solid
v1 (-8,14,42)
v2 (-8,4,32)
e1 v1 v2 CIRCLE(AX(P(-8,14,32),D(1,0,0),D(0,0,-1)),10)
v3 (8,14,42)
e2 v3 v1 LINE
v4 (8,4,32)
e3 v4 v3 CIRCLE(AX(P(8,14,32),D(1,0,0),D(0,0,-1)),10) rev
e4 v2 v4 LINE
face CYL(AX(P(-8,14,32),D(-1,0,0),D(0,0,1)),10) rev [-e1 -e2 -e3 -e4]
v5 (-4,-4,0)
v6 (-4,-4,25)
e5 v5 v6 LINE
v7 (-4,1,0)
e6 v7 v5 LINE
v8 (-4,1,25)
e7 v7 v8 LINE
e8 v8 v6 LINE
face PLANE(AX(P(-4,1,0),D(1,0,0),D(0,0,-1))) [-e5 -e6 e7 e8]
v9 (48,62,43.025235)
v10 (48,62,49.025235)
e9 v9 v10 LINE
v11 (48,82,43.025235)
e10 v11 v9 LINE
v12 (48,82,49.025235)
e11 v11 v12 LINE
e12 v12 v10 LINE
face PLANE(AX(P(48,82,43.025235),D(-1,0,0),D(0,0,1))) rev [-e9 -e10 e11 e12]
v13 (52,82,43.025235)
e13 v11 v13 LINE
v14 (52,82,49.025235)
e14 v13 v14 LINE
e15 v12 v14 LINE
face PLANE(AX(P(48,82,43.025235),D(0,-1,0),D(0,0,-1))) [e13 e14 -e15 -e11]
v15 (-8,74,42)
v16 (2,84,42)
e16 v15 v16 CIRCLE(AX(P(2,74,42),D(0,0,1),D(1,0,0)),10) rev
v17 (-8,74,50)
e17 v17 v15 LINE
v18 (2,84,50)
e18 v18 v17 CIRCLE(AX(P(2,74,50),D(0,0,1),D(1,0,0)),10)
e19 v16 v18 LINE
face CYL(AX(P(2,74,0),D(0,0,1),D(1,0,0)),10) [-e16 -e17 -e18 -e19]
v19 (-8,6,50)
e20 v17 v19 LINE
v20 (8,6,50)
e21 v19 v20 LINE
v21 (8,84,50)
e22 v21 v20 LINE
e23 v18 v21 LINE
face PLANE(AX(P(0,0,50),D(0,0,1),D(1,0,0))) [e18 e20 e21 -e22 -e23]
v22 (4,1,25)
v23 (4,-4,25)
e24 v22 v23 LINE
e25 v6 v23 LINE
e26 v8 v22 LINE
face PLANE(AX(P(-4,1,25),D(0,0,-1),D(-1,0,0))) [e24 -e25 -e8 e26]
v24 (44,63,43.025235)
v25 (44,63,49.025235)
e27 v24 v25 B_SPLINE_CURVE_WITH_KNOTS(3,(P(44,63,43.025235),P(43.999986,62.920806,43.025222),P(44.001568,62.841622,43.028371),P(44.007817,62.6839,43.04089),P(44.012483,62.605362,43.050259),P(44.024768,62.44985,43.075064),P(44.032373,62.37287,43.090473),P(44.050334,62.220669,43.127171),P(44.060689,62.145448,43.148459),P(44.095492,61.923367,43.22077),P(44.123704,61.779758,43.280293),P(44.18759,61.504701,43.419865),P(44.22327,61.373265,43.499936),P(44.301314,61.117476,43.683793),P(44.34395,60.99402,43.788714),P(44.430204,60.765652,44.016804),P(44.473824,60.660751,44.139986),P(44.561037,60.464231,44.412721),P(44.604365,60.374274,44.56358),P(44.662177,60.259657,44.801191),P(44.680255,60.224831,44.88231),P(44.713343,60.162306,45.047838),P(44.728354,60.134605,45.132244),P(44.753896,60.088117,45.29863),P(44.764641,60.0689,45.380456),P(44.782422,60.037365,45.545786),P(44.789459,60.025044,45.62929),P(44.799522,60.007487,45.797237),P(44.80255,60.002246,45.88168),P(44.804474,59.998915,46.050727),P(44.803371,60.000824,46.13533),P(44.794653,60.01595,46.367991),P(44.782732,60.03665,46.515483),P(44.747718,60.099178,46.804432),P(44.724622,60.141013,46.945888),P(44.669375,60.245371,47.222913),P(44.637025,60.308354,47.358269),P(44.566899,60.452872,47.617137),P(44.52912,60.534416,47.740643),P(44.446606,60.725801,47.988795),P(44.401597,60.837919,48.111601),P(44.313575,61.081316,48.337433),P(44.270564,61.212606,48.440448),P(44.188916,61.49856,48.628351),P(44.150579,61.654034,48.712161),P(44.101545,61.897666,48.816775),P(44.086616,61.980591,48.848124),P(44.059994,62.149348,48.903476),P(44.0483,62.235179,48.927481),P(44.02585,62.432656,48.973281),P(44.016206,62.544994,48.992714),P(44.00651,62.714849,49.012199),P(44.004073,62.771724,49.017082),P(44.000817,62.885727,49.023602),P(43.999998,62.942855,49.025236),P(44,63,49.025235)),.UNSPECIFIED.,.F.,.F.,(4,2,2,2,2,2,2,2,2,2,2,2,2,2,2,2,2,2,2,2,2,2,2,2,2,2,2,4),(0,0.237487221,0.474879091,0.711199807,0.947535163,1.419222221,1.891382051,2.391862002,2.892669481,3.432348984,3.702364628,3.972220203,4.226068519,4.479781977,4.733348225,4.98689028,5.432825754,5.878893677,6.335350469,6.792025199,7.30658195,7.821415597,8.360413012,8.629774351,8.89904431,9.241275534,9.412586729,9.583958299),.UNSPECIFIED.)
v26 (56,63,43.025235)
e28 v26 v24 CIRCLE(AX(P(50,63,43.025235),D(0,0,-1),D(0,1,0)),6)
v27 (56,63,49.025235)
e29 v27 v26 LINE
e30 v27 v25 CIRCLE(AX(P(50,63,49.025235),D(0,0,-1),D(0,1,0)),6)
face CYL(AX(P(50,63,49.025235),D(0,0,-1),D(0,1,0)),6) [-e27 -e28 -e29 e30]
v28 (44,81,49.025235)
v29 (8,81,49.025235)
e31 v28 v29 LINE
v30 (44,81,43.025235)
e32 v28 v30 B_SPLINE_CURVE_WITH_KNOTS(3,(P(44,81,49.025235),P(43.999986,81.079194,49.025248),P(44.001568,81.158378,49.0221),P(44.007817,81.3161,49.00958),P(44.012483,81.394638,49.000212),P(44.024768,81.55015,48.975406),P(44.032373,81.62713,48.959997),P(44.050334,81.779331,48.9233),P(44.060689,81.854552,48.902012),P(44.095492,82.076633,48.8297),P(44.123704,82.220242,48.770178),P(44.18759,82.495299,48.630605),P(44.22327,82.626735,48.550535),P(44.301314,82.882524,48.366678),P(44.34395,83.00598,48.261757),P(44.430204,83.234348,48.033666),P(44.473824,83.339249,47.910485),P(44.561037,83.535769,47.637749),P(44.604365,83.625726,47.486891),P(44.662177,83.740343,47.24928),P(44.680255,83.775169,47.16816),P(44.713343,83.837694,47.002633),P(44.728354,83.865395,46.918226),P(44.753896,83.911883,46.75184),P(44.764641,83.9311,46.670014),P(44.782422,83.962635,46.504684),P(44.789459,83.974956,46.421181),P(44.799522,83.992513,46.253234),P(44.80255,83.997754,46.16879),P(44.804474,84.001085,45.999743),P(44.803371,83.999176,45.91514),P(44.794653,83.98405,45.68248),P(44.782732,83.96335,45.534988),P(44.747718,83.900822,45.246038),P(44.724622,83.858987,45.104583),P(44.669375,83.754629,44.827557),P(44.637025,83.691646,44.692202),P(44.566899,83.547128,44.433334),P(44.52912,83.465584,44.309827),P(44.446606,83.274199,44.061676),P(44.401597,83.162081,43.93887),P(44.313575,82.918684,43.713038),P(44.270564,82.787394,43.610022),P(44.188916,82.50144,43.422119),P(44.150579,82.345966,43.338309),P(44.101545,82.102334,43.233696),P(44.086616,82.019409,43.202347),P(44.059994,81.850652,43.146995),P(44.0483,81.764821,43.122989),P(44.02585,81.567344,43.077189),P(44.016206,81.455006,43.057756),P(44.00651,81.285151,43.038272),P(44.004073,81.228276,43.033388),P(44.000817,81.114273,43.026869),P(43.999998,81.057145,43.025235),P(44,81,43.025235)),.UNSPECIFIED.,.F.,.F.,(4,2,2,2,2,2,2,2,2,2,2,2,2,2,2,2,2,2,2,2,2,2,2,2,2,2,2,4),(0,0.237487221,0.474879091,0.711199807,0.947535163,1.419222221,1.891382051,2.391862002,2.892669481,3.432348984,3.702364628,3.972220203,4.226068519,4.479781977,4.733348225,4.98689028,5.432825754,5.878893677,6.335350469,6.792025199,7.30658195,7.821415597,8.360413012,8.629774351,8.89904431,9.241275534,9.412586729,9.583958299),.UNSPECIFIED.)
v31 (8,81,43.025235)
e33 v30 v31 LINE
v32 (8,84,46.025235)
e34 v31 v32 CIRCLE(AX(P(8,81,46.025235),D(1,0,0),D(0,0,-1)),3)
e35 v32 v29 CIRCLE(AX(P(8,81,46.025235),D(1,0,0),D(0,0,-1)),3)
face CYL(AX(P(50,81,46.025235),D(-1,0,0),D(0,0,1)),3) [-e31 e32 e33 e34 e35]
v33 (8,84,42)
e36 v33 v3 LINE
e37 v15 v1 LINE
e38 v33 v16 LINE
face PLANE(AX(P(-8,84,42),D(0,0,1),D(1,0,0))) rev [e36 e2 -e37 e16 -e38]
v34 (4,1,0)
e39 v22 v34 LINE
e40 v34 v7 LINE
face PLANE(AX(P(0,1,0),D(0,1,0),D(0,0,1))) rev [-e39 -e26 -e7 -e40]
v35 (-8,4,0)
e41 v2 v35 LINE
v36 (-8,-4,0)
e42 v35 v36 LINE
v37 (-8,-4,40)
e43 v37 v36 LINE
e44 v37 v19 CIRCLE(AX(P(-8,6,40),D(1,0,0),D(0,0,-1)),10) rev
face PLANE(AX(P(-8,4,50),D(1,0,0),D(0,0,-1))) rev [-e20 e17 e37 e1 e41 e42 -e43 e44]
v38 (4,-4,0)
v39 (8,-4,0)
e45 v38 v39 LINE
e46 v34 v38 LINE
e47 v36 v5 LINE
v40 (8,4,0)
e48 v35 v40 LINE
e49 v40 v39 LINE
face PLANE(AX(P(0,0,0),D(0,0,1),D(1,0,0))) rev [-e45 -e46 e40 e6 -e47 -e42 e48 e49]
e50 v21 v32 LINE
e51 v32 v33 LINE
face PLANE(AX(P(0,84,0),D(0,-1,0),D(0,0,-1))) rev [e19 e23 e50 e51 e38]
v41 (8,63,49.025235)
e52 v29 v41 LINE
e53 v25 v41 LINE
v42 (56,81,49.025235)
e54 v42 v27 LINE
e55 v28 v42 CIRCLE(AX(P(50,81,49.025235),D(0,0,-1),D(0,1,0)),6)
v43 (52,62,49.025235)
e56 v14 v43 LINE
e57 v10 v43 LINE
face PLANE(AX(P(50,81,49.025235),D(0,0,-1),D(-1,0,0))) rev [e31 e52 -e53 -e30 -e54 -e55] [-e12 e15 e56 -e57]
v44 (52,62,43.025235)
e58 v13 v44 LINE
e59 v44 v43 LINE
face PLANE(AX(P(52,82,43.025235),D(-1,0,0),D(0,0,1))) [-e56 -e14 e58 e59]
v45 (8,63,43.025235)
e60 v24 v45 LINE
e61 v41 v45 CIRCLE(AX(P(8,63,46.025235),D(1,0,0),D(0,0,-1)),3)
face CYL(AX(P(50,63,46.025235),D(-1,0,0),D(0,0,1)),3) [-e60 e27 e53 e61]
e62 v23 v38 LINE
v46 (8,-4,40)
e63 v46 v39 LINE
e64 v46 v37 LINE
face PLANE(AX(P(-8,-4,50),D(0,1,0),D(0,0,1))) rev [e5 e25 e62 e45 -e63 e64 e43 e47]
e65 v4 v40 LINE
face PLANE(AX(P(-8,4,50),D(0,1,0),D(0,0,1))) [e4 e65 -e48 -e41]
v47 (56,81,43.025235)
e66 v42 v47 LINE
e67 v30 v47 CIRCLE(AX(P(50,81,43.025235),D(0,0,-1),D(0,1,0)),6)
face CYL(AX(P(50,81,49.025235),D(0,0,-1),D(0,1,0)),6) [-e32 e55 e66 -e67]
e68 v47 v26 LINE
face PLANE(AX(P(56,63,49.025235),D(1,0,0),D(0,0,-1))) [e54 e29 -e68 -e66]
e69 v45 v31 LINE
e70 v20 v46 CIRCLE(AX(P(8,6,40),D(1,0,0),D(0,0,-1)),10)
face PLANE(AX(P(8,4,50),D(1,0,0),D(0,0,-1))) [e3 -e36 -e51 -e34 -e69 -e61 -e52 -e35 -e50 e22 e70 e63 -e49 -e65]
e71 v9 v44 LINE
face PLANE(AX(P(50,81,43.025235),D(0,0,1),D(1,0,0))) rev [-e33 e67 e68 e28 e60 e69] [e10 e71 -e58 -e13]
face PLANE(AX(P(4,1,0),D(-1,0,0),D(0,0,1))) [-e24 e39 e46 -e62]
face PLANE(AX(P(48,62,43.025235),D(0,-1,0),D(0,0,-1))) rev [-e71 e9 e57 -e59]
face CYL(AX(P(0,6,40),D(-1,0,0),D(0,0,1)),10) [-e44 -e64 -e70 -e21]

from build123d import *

# Parameters (mm, degrees)
ARM_FEATURE_SKETCH_W = 16
ARM_FEATURE_SKETCH_H = 8
ARM_FEATURE_DEPTH    = 50
TAB_FEATURE_SKETCH_W = 8
TAB_FEATURE_SKETCH_H = 25
TAB_FEATURE_DEPTH    = 5
LEG_FEATURE_SKETCH_W = 16
LEG_FEATURE_SKETCH_H = 8
LEG_FEATURE_DEPTH    = 80
SLOT_FEATURE_DEPTH   = 42
STRAP_FEATURE_DEPTH  = 6
STRAP_CUT_SKETCH_W   = 4
STRAP_CUT_SKETCH_H   = 20
STRAP_CUT_DEPTH      = 6
FILLET1_R            = 10
FILLET2_R            = 10
FILLET3_R            = 10


with BuildPart() as part:
    # Arm Feature Sketch → Arm Feature (new body)
    with BuildSketch(Plane.XY):
        Rectangle(ARM_FEATURE_SKETCH_W, ARM_FEATURE_SKETCH_H)
    extrude(amount=ARM_FEATURE_DEPTH)

    # Tab Feature Sketch → Tab Feature (cut)
    with BuildSketch(Plane(origin=(0, -4, 0), x_dir=(1, 0, 0), z_dir=(0, 1, 0))):
        with Locations((0, -12.5)):
            Rectangle(TAB_FEATURE_SKETCH_W, TAB_FEATURE_SKETCH_H)
    extrude(amount=TAB_FEATURE_DEPTH, mode=Mode.SUBTRACT)

    # Leg Feature Sketch → Leg Feature (add)
    with BuildSketch(Plane(origin=(0, 4, 0), x_dir=(1, 0, 0), z_dir=(0, 1, 0))):
        with Locations((0, -46)):
            Rectangle(LEG_FEATURE_SKETCH_W, LEG_FEATURE_SKETCH_H)
    extrude(amount=LEG_FEATURE_DEPTH)

    # Slot Feature Sketch → Slot Feature (add)
    with BuildSketch(Plane(origin=(8, 0, 0), x_dir=(0, 0, -1), z_dir=(1, 0, 0))):
        with BuildLine():
            Line((-43.025235216, 81), (-43.025235216, 63))
            ThreePointArc((-43.025235216, 63), (-46.025235216, 60), (-49.025235216, 63))
            Line((-49.025235216, 63), (-49.025235216, 81))
            ThreePointArc((-49.025235216, 81), (-46.025235216, 84), (-43.025235216, 81))
        make_face()
    extrude(amount=SLOT_FEATURE_DEPTH)

    # Strap Feature Sketch → Strap Feature (add)
    with BuildSketch(Plane(origin=(0, 0, 43.025235216), x_dir=(-1, 0, 0), z_dir=(0, 0, -1))):
        with BuildLine():
            Line((-56, 63), (-56, 81))
            ThreePointArc((-56, 81), (-50, 87), (-44, 81))
            Line((-44, 81), (-44, 63))
            ThreePointArc((-44, 63), (-50, 57), (-56, 63))
        make_face()
    extrude(amount=-STRAP_FEATURE_DEPTH)

    # Strap Cut Sketch → Strap Cut (cut)
    with BuildSketch(Plane.XY.offset(49.025235216)):
        with Locations((50, 72)):
            Rectangle(STRAP_CUT_SKETCH_W, STRAP_CUT_SKETCH_H)
    extrude(amount=-STRAP_CUT_DEPTH, mode=Mode.SUBTRACT)

    # Fillet1
    fillet1_edges = [part.edges().sort_by_distance(p)[0] for p in [
        (0, -4, 50),
    ]]
    fillet(fillet1_edges, radius=FILLET1_R)

    # Fillet2
    fillet2_edges = [part.edges().sort_by_distance(p)[0] for p in [
        (0, 4, 42),
    ]]
    fillet(fillet2_edges, radius=FILLET2_R)

    # Fillet3
    fillet3_edges = [part.edges().sort_by_distance(p)[0] for p in [
        (-8, 84, 46),
    ]]
    fillet(fillet3_edges, radius=FILLET3_R)


solid = part.part
